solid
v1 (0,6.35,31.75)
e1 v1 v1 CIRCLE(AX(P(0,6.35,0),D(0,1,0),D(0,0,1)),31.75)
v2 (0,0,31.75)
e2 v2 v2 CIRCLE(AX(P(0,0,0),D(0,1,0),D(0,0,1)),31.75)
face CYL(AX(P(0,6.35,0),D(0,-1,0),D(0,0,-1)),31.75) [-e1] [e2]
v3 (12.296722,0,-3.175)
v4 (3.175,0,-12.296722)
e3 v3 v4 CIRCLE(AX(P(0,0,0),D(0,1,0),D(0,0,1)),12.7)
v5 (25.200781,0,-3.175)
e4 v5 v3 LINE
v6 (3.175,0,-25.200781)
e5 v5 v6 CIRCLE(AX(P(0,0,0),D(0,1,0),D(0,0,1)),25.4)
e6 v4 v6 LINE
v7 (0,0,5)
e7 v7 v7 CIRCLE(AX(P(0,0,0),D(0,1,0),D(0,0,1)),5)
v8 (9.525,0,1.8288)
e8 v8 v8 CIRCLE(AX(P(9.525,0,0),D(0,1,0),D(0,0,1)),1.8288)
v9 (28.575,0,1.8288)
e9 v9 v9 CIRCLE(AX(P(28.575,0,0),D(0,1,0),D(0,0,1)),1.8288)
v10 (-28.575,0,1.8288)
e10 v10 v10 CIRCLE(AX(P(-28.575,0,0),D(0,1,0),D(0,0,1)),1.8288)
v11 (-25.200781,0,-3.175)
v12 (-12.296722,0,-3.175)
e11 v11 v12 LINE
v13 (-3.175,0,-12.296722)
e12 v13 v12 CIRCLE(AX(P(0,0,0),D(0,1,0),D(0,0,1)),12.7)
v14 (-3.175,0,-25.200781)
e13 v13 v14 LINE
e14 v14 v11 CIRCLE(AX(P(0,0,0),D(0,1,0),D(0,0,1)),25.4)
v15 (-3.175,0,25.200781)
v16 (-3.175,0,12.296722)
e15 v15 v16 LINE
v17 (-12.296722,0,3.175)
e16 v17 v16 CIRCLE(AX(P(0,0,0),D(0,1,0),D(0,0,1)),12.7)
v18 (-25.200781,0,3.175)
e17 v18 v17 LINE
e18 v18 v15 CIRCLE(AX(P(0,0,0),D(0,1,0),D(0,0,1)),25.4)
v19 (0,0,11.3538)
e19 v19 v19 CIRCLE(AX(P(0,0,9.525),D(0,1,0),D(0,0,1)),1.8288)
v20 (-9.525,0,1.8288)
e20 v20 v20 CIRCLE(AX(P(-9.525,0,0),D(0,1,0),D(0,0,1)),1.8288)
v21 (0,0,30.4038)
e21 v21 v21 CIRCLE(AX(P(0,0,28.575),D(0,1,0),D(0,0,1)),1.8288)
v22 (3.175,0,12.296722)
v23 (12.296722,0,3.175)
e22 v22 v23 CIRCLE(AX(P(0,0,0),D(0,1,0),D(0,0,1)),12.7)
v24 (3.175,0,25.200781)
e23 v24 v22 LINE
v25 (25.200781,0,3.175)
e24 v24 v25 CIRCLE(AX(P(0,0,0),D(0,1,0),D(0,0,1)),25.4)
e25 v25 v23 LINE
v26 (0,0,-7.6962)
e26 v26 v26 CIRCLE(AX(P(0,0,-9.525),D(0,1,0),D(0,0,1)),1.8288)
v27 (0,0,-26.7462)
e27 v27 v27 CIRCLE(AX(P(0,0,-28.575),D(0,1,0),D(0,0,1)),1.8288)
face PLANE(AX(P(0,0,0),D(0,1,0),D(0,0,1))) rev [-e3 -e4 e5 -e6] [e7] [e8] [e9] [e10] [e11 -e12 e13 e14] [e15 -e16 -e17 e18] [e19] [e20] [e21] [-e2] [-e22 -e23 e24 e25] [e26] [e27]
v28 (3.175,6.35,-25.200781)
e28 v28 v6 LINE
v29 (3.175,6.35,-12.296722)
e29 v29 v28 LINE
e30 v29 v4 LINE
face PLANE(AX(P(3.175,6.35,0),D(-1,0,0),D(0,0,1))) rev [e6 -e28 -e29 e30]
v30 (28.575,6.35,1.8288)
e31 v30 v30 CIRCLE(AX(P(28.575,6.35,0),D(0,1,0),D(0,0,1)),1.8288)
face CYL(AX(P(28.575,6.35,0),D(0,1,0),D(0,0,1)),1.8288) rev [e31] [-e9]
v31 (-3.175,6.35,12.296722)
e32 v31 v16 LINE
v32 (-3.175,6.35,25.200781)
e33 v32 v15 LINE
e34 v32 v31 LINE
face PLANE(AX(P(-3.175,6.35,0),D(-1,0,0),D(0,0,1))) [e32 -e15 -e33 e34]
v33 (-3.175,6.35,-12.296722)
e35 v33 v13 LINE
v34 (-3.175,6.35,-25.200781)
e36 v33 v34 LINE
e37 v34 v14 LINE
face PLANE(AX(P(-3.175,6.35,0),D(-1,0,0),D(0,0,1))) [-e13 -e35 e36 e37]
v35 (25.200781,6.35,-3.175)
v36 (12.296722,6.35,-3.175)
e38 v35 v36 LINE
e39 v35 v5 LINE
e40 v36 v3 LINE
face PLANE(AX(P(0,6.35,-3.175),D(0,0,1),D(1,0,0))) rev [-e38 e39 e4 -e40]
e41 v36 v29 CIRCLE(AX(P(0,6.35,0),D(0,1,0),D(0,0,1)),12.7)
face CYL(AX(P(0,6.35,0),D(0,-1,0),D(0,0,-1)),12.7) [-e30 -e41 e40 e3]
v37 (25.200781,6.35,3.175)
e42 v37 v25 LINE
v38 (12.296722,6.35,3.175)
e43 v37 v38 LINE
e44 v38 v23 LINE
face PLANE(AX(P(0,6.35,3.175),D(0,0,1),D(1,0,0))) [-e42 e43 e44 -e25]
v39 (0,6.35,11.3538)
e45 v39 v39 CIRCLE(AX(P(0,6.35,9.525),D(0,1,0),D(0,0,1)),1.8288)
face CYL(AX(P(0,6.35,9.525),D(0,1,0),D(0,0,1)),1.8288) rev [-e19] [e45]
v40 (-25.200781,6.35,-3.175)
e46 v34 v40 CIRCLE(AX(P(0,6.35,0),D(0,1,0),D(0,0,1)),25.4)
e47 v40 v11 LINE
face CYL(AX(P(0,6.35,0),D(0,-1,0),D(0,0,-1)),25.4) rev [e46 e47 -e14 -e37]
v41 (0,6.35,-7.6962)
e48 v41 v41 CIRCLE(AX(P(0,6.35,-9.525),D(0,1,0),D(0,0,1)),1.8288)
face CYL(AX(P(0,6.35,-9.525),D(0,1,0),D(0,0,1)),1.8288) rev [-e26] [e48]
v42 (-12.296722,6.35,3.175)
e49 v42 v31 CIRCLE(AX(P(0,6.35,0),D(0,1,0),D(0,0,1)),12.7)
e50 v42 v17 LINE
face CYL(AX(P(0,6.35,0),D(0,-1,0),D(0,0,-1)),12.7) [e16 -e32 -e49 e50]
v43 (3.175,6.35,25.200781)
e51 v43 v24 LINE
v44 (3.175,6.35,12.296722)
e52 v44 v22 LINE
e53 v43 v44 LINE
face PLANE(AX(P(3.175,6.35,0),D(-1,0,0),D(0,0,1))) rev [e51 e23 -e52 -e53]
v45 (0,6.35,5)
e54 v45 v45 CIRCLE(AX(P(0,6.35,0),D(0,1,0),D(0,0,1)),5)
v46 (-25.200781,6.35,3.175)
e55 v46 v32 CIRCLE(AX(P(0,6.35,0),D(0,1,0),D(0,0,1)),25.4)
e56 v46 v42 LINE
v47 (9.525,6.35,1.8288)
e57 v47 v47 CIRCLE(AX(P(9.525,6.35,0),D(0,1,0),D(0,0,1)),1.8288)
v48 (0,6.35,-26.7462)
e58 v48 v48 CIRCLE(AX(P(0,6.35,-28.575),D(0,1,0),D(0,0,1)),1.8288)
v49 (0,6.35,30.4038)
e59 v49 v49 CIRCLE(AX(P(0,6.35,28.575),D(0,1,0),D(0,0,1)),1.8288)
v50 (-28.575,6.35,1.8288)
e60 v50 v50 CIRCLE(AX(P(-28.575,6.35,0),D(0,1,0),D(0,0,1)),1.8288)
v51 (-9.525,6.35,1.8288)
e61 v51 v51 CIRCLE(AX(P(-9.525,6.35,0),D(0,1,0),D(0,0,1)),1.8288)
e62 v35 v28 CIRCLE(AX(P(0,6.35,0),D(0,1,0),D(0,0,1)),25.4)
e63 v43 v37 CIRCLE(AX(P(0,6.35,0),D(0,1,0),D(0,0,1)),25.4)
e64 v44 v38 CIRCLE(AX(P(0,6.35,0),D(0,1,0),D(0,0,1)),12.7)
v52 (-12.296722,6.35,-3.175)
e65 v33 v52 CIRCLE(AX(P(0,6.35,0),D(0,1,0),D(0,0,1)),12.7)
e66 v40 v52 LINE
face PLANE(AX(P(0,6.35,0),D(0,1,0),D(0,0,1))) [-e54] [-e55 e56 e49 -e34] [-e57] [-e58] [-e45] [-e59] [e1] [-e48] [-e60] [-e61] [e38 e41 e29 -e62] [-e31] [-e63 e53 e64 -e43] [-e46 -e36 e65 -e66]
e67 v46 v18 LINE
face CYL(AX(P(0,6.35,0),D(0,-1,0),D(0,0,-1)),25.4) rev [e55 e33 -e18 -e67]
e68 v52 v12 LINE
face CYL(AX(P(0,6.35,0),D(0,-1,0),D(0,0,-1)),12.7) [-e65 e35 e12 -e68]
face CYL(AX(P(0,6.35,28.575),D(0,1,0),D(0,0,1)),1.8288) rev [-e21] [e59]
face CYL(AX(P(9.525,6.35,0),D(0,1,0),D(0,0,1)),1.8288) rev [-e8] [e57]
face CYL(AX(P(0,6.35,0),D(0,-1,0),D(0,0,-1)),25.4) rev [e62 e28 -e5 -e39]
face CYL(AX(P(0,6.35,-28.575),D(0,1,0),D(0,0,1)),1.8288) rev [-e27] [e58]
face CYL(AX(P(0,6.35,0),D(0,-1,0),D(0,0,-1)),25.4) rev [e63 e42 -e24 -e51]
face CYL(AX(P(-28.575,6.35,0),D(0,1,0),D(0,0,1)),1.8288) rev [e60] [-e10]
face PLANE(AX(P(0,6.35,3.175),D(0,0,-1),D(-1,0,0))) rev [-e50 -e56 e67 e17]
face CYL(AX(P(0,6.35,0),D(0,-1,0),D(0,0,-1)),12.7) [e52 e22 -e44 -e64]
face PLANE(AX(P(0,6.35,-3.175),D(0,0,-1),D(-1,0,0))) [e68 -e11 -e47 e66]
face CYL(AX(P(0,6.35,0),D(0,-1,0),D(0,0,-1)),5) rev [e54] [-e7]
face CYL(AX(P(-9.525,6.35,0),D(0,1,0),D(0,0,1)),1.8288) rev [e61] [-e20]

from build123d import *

# Parameters (mm, degrees)
SKETCH1_R                      = 31.75
SKETCH1_R_2                    = 25.4
SKETCH1_R_3                    = 12.7
SKETCH1_R_4                    = 5
BOSS_EXTRUDE1_DEPTH            = 6.35
F_6_CLEARANCE_HOLE1_AT_2_COUNT = 2
F_6_CLEARANCE_HOLE1_AT_2_PITCH = 19.05
CIRPATTERN1_COUNT              = 4


with BuildPart() as part:
    # Sketch1 → Boss-Extrude1 (new body)
    with BuildSketch(Plane(origin=(0, 0, 0), x_dir=(1, 0, 0), z_dir=(0, 1, 0))):
        Circle(SKETCH1_R)
        Circle(SKETCH1_R_2, mode=Mode.SUBTRACT)
        Circle(SKETCH1_R_3)
        Circle(SKETCH1_R_4, mode=Mode.SUBTRACT)
        with BuildLine():
            ThreePointArc((-12.296722124, -3.175), (-12.7, 0), (-12.296722124, 3.175))
            Line((-12.296722124, 3.175), (-25.200781238, 3.175))
            ThreePointArc((-25.200781238, 3.175), (-25.4, 0), (-25.200781238, -3.175))
            Line((-25.200781238, -3.175), (-12.296722124, -3.175))
        make_face()
        with BuildLine():
            Line((-3.175, 25.200781238), (-3.175, 12.296722124))
            ThreePointArc((-3.175, 12.296722124), (0, 12.7), (3.175, 12.296722124))
            Line((3.175, 12.296722124), (3.175, 25.200781238))
            ThreePointArc((3.175, 25.200781238), (0, 25.4), (-3.175, 25.200781238))
        make_face()
        with BuildLine():
            Line((25.200781238, 3.175), (12.296722124, 3.175))
            ThreePointArc((12.296722124, 3.175), (12.598777143, 1.600254515), (12.7, 0))
            ThreePointArc((12.7, 0), (12.598777143, -1.600254515), (12.296722124, -3.175))
            Line((12.296722124, -3.175), (25.200781238, -3.175))
            ThreePointArc((25.200781238, -3.175), (25.350146385, -1.590621979), (25.4, 0))
            ThreePointArc((25.4, 0), (25.350146385, 1.590621979), (25.200781238, 3.175))
        make_face()
        with BuildLine():
            ThreePointArc((3.175, -12.296722124), (0, -12.7), (-3.175, -12.296722124))
            Line((-3.175, -12.296722124), (-3.175, -25.200781238))
            ThreePointArc((-3.175, -25.200781238), (0, -25.4), (3.175, -25.200781238))
            Line((3.175, -25.200781238), (3.175, -12.296722124))
        make_face()
    extrude(amount=BOSS_EXTRUDE1_DEPTH)

    # Sketch2 → #6 Clearance Hole1 (revolve, cut)
    with BuildSketch(Plane(origin=(0, 6.35, 28.575), x_dir=(0, 0, 1), z_dir=(1, 0, 0))):
        Polygon((0, 0), (0, 13.7988539), (1.8288, 12.7), (1.8288, 0), align=None)
    f_6_clearance_hole1 = revolve(axis=Axis((0, 12.7, 28.575), (0, -1, 0)), mode=Mode.SUBTRACT)

    # #6 Clearance Hole1 at 2: #6 Clearance Hole1 ×2
    with Locations(*[(0, 0, -i * F_6_CLEARANCE_HOLE1_AT_2_PITCH) for i in range(1, F_6_CLEARANCE_HOLE1_AT_2_COUNT)]):
        add(f_6_clearance_hole1, mode=Mode.SUBTRACT)

    # CirPattern1: #6 Clearance Hole1 ×4 about axis
    cirpattern1_axis = Axis((0, 0, 0), (0, 1, 0))
    for i in range(1, CIRPATTERN1_COUNT):
        add(f_6_clearance_hole1.rotate(cirpattern1_axis, i * 360 / CIRPATTERN1_COUNT), mode=Mode.SUBTRACT)

    # CirPattern1 copy 1 sketch → CirPattern1 copy 1 (revolve, cut)
    with BuildSketch(Plane(origin=(9.525, 6.35, 0), x_dir=(1, 0, 0), z_dir=(0, 0, -1))):
        Polygon((0, 0), (0, 13.7988539), (1.8288, 12.7), (1.8288, 0), align=None)
    revolve(axis=Axis((9.525, 12.7, 0), (0, -1, 0)), mode=Mode.SUBTRACT)

    # CirPattern1 copy 2 sketch → CirPattern1 copy 2 (revolve, cut)
    with BuildSketch(Plane(origin=(0, 6.35, -9.525), x_dir=(0, 0, -1), z_dir=(-1, 0, 0))):
        Polygon((0, 0), (0, 13.7988539), (1.8288, 12.7), (1.8288, 0), align=None)
    revolve(axis=Axis((0, 12.7, -9.525), (0, -1, 0)), mode=Mode.SUBTRACT)

    # CirPattern1 copy 3 sketch → CirPattern1 copy 3 (revolve, cut)
    with BuildSketch(Plane(origin=(-9.525, 6.35, 0), x_dir=(-1, 0, 0), z_dir=(0, 0, 1))):
        Polygon((0, 0), (0, 13.7988539), (1.8288, 12.7), (1.8288, 0), align=None)
    revolve(axis=Axis((-9.525, 12.7, 0), (0, -1, 0)), mode=Mode.SUBTRACT)


solid = part.part
